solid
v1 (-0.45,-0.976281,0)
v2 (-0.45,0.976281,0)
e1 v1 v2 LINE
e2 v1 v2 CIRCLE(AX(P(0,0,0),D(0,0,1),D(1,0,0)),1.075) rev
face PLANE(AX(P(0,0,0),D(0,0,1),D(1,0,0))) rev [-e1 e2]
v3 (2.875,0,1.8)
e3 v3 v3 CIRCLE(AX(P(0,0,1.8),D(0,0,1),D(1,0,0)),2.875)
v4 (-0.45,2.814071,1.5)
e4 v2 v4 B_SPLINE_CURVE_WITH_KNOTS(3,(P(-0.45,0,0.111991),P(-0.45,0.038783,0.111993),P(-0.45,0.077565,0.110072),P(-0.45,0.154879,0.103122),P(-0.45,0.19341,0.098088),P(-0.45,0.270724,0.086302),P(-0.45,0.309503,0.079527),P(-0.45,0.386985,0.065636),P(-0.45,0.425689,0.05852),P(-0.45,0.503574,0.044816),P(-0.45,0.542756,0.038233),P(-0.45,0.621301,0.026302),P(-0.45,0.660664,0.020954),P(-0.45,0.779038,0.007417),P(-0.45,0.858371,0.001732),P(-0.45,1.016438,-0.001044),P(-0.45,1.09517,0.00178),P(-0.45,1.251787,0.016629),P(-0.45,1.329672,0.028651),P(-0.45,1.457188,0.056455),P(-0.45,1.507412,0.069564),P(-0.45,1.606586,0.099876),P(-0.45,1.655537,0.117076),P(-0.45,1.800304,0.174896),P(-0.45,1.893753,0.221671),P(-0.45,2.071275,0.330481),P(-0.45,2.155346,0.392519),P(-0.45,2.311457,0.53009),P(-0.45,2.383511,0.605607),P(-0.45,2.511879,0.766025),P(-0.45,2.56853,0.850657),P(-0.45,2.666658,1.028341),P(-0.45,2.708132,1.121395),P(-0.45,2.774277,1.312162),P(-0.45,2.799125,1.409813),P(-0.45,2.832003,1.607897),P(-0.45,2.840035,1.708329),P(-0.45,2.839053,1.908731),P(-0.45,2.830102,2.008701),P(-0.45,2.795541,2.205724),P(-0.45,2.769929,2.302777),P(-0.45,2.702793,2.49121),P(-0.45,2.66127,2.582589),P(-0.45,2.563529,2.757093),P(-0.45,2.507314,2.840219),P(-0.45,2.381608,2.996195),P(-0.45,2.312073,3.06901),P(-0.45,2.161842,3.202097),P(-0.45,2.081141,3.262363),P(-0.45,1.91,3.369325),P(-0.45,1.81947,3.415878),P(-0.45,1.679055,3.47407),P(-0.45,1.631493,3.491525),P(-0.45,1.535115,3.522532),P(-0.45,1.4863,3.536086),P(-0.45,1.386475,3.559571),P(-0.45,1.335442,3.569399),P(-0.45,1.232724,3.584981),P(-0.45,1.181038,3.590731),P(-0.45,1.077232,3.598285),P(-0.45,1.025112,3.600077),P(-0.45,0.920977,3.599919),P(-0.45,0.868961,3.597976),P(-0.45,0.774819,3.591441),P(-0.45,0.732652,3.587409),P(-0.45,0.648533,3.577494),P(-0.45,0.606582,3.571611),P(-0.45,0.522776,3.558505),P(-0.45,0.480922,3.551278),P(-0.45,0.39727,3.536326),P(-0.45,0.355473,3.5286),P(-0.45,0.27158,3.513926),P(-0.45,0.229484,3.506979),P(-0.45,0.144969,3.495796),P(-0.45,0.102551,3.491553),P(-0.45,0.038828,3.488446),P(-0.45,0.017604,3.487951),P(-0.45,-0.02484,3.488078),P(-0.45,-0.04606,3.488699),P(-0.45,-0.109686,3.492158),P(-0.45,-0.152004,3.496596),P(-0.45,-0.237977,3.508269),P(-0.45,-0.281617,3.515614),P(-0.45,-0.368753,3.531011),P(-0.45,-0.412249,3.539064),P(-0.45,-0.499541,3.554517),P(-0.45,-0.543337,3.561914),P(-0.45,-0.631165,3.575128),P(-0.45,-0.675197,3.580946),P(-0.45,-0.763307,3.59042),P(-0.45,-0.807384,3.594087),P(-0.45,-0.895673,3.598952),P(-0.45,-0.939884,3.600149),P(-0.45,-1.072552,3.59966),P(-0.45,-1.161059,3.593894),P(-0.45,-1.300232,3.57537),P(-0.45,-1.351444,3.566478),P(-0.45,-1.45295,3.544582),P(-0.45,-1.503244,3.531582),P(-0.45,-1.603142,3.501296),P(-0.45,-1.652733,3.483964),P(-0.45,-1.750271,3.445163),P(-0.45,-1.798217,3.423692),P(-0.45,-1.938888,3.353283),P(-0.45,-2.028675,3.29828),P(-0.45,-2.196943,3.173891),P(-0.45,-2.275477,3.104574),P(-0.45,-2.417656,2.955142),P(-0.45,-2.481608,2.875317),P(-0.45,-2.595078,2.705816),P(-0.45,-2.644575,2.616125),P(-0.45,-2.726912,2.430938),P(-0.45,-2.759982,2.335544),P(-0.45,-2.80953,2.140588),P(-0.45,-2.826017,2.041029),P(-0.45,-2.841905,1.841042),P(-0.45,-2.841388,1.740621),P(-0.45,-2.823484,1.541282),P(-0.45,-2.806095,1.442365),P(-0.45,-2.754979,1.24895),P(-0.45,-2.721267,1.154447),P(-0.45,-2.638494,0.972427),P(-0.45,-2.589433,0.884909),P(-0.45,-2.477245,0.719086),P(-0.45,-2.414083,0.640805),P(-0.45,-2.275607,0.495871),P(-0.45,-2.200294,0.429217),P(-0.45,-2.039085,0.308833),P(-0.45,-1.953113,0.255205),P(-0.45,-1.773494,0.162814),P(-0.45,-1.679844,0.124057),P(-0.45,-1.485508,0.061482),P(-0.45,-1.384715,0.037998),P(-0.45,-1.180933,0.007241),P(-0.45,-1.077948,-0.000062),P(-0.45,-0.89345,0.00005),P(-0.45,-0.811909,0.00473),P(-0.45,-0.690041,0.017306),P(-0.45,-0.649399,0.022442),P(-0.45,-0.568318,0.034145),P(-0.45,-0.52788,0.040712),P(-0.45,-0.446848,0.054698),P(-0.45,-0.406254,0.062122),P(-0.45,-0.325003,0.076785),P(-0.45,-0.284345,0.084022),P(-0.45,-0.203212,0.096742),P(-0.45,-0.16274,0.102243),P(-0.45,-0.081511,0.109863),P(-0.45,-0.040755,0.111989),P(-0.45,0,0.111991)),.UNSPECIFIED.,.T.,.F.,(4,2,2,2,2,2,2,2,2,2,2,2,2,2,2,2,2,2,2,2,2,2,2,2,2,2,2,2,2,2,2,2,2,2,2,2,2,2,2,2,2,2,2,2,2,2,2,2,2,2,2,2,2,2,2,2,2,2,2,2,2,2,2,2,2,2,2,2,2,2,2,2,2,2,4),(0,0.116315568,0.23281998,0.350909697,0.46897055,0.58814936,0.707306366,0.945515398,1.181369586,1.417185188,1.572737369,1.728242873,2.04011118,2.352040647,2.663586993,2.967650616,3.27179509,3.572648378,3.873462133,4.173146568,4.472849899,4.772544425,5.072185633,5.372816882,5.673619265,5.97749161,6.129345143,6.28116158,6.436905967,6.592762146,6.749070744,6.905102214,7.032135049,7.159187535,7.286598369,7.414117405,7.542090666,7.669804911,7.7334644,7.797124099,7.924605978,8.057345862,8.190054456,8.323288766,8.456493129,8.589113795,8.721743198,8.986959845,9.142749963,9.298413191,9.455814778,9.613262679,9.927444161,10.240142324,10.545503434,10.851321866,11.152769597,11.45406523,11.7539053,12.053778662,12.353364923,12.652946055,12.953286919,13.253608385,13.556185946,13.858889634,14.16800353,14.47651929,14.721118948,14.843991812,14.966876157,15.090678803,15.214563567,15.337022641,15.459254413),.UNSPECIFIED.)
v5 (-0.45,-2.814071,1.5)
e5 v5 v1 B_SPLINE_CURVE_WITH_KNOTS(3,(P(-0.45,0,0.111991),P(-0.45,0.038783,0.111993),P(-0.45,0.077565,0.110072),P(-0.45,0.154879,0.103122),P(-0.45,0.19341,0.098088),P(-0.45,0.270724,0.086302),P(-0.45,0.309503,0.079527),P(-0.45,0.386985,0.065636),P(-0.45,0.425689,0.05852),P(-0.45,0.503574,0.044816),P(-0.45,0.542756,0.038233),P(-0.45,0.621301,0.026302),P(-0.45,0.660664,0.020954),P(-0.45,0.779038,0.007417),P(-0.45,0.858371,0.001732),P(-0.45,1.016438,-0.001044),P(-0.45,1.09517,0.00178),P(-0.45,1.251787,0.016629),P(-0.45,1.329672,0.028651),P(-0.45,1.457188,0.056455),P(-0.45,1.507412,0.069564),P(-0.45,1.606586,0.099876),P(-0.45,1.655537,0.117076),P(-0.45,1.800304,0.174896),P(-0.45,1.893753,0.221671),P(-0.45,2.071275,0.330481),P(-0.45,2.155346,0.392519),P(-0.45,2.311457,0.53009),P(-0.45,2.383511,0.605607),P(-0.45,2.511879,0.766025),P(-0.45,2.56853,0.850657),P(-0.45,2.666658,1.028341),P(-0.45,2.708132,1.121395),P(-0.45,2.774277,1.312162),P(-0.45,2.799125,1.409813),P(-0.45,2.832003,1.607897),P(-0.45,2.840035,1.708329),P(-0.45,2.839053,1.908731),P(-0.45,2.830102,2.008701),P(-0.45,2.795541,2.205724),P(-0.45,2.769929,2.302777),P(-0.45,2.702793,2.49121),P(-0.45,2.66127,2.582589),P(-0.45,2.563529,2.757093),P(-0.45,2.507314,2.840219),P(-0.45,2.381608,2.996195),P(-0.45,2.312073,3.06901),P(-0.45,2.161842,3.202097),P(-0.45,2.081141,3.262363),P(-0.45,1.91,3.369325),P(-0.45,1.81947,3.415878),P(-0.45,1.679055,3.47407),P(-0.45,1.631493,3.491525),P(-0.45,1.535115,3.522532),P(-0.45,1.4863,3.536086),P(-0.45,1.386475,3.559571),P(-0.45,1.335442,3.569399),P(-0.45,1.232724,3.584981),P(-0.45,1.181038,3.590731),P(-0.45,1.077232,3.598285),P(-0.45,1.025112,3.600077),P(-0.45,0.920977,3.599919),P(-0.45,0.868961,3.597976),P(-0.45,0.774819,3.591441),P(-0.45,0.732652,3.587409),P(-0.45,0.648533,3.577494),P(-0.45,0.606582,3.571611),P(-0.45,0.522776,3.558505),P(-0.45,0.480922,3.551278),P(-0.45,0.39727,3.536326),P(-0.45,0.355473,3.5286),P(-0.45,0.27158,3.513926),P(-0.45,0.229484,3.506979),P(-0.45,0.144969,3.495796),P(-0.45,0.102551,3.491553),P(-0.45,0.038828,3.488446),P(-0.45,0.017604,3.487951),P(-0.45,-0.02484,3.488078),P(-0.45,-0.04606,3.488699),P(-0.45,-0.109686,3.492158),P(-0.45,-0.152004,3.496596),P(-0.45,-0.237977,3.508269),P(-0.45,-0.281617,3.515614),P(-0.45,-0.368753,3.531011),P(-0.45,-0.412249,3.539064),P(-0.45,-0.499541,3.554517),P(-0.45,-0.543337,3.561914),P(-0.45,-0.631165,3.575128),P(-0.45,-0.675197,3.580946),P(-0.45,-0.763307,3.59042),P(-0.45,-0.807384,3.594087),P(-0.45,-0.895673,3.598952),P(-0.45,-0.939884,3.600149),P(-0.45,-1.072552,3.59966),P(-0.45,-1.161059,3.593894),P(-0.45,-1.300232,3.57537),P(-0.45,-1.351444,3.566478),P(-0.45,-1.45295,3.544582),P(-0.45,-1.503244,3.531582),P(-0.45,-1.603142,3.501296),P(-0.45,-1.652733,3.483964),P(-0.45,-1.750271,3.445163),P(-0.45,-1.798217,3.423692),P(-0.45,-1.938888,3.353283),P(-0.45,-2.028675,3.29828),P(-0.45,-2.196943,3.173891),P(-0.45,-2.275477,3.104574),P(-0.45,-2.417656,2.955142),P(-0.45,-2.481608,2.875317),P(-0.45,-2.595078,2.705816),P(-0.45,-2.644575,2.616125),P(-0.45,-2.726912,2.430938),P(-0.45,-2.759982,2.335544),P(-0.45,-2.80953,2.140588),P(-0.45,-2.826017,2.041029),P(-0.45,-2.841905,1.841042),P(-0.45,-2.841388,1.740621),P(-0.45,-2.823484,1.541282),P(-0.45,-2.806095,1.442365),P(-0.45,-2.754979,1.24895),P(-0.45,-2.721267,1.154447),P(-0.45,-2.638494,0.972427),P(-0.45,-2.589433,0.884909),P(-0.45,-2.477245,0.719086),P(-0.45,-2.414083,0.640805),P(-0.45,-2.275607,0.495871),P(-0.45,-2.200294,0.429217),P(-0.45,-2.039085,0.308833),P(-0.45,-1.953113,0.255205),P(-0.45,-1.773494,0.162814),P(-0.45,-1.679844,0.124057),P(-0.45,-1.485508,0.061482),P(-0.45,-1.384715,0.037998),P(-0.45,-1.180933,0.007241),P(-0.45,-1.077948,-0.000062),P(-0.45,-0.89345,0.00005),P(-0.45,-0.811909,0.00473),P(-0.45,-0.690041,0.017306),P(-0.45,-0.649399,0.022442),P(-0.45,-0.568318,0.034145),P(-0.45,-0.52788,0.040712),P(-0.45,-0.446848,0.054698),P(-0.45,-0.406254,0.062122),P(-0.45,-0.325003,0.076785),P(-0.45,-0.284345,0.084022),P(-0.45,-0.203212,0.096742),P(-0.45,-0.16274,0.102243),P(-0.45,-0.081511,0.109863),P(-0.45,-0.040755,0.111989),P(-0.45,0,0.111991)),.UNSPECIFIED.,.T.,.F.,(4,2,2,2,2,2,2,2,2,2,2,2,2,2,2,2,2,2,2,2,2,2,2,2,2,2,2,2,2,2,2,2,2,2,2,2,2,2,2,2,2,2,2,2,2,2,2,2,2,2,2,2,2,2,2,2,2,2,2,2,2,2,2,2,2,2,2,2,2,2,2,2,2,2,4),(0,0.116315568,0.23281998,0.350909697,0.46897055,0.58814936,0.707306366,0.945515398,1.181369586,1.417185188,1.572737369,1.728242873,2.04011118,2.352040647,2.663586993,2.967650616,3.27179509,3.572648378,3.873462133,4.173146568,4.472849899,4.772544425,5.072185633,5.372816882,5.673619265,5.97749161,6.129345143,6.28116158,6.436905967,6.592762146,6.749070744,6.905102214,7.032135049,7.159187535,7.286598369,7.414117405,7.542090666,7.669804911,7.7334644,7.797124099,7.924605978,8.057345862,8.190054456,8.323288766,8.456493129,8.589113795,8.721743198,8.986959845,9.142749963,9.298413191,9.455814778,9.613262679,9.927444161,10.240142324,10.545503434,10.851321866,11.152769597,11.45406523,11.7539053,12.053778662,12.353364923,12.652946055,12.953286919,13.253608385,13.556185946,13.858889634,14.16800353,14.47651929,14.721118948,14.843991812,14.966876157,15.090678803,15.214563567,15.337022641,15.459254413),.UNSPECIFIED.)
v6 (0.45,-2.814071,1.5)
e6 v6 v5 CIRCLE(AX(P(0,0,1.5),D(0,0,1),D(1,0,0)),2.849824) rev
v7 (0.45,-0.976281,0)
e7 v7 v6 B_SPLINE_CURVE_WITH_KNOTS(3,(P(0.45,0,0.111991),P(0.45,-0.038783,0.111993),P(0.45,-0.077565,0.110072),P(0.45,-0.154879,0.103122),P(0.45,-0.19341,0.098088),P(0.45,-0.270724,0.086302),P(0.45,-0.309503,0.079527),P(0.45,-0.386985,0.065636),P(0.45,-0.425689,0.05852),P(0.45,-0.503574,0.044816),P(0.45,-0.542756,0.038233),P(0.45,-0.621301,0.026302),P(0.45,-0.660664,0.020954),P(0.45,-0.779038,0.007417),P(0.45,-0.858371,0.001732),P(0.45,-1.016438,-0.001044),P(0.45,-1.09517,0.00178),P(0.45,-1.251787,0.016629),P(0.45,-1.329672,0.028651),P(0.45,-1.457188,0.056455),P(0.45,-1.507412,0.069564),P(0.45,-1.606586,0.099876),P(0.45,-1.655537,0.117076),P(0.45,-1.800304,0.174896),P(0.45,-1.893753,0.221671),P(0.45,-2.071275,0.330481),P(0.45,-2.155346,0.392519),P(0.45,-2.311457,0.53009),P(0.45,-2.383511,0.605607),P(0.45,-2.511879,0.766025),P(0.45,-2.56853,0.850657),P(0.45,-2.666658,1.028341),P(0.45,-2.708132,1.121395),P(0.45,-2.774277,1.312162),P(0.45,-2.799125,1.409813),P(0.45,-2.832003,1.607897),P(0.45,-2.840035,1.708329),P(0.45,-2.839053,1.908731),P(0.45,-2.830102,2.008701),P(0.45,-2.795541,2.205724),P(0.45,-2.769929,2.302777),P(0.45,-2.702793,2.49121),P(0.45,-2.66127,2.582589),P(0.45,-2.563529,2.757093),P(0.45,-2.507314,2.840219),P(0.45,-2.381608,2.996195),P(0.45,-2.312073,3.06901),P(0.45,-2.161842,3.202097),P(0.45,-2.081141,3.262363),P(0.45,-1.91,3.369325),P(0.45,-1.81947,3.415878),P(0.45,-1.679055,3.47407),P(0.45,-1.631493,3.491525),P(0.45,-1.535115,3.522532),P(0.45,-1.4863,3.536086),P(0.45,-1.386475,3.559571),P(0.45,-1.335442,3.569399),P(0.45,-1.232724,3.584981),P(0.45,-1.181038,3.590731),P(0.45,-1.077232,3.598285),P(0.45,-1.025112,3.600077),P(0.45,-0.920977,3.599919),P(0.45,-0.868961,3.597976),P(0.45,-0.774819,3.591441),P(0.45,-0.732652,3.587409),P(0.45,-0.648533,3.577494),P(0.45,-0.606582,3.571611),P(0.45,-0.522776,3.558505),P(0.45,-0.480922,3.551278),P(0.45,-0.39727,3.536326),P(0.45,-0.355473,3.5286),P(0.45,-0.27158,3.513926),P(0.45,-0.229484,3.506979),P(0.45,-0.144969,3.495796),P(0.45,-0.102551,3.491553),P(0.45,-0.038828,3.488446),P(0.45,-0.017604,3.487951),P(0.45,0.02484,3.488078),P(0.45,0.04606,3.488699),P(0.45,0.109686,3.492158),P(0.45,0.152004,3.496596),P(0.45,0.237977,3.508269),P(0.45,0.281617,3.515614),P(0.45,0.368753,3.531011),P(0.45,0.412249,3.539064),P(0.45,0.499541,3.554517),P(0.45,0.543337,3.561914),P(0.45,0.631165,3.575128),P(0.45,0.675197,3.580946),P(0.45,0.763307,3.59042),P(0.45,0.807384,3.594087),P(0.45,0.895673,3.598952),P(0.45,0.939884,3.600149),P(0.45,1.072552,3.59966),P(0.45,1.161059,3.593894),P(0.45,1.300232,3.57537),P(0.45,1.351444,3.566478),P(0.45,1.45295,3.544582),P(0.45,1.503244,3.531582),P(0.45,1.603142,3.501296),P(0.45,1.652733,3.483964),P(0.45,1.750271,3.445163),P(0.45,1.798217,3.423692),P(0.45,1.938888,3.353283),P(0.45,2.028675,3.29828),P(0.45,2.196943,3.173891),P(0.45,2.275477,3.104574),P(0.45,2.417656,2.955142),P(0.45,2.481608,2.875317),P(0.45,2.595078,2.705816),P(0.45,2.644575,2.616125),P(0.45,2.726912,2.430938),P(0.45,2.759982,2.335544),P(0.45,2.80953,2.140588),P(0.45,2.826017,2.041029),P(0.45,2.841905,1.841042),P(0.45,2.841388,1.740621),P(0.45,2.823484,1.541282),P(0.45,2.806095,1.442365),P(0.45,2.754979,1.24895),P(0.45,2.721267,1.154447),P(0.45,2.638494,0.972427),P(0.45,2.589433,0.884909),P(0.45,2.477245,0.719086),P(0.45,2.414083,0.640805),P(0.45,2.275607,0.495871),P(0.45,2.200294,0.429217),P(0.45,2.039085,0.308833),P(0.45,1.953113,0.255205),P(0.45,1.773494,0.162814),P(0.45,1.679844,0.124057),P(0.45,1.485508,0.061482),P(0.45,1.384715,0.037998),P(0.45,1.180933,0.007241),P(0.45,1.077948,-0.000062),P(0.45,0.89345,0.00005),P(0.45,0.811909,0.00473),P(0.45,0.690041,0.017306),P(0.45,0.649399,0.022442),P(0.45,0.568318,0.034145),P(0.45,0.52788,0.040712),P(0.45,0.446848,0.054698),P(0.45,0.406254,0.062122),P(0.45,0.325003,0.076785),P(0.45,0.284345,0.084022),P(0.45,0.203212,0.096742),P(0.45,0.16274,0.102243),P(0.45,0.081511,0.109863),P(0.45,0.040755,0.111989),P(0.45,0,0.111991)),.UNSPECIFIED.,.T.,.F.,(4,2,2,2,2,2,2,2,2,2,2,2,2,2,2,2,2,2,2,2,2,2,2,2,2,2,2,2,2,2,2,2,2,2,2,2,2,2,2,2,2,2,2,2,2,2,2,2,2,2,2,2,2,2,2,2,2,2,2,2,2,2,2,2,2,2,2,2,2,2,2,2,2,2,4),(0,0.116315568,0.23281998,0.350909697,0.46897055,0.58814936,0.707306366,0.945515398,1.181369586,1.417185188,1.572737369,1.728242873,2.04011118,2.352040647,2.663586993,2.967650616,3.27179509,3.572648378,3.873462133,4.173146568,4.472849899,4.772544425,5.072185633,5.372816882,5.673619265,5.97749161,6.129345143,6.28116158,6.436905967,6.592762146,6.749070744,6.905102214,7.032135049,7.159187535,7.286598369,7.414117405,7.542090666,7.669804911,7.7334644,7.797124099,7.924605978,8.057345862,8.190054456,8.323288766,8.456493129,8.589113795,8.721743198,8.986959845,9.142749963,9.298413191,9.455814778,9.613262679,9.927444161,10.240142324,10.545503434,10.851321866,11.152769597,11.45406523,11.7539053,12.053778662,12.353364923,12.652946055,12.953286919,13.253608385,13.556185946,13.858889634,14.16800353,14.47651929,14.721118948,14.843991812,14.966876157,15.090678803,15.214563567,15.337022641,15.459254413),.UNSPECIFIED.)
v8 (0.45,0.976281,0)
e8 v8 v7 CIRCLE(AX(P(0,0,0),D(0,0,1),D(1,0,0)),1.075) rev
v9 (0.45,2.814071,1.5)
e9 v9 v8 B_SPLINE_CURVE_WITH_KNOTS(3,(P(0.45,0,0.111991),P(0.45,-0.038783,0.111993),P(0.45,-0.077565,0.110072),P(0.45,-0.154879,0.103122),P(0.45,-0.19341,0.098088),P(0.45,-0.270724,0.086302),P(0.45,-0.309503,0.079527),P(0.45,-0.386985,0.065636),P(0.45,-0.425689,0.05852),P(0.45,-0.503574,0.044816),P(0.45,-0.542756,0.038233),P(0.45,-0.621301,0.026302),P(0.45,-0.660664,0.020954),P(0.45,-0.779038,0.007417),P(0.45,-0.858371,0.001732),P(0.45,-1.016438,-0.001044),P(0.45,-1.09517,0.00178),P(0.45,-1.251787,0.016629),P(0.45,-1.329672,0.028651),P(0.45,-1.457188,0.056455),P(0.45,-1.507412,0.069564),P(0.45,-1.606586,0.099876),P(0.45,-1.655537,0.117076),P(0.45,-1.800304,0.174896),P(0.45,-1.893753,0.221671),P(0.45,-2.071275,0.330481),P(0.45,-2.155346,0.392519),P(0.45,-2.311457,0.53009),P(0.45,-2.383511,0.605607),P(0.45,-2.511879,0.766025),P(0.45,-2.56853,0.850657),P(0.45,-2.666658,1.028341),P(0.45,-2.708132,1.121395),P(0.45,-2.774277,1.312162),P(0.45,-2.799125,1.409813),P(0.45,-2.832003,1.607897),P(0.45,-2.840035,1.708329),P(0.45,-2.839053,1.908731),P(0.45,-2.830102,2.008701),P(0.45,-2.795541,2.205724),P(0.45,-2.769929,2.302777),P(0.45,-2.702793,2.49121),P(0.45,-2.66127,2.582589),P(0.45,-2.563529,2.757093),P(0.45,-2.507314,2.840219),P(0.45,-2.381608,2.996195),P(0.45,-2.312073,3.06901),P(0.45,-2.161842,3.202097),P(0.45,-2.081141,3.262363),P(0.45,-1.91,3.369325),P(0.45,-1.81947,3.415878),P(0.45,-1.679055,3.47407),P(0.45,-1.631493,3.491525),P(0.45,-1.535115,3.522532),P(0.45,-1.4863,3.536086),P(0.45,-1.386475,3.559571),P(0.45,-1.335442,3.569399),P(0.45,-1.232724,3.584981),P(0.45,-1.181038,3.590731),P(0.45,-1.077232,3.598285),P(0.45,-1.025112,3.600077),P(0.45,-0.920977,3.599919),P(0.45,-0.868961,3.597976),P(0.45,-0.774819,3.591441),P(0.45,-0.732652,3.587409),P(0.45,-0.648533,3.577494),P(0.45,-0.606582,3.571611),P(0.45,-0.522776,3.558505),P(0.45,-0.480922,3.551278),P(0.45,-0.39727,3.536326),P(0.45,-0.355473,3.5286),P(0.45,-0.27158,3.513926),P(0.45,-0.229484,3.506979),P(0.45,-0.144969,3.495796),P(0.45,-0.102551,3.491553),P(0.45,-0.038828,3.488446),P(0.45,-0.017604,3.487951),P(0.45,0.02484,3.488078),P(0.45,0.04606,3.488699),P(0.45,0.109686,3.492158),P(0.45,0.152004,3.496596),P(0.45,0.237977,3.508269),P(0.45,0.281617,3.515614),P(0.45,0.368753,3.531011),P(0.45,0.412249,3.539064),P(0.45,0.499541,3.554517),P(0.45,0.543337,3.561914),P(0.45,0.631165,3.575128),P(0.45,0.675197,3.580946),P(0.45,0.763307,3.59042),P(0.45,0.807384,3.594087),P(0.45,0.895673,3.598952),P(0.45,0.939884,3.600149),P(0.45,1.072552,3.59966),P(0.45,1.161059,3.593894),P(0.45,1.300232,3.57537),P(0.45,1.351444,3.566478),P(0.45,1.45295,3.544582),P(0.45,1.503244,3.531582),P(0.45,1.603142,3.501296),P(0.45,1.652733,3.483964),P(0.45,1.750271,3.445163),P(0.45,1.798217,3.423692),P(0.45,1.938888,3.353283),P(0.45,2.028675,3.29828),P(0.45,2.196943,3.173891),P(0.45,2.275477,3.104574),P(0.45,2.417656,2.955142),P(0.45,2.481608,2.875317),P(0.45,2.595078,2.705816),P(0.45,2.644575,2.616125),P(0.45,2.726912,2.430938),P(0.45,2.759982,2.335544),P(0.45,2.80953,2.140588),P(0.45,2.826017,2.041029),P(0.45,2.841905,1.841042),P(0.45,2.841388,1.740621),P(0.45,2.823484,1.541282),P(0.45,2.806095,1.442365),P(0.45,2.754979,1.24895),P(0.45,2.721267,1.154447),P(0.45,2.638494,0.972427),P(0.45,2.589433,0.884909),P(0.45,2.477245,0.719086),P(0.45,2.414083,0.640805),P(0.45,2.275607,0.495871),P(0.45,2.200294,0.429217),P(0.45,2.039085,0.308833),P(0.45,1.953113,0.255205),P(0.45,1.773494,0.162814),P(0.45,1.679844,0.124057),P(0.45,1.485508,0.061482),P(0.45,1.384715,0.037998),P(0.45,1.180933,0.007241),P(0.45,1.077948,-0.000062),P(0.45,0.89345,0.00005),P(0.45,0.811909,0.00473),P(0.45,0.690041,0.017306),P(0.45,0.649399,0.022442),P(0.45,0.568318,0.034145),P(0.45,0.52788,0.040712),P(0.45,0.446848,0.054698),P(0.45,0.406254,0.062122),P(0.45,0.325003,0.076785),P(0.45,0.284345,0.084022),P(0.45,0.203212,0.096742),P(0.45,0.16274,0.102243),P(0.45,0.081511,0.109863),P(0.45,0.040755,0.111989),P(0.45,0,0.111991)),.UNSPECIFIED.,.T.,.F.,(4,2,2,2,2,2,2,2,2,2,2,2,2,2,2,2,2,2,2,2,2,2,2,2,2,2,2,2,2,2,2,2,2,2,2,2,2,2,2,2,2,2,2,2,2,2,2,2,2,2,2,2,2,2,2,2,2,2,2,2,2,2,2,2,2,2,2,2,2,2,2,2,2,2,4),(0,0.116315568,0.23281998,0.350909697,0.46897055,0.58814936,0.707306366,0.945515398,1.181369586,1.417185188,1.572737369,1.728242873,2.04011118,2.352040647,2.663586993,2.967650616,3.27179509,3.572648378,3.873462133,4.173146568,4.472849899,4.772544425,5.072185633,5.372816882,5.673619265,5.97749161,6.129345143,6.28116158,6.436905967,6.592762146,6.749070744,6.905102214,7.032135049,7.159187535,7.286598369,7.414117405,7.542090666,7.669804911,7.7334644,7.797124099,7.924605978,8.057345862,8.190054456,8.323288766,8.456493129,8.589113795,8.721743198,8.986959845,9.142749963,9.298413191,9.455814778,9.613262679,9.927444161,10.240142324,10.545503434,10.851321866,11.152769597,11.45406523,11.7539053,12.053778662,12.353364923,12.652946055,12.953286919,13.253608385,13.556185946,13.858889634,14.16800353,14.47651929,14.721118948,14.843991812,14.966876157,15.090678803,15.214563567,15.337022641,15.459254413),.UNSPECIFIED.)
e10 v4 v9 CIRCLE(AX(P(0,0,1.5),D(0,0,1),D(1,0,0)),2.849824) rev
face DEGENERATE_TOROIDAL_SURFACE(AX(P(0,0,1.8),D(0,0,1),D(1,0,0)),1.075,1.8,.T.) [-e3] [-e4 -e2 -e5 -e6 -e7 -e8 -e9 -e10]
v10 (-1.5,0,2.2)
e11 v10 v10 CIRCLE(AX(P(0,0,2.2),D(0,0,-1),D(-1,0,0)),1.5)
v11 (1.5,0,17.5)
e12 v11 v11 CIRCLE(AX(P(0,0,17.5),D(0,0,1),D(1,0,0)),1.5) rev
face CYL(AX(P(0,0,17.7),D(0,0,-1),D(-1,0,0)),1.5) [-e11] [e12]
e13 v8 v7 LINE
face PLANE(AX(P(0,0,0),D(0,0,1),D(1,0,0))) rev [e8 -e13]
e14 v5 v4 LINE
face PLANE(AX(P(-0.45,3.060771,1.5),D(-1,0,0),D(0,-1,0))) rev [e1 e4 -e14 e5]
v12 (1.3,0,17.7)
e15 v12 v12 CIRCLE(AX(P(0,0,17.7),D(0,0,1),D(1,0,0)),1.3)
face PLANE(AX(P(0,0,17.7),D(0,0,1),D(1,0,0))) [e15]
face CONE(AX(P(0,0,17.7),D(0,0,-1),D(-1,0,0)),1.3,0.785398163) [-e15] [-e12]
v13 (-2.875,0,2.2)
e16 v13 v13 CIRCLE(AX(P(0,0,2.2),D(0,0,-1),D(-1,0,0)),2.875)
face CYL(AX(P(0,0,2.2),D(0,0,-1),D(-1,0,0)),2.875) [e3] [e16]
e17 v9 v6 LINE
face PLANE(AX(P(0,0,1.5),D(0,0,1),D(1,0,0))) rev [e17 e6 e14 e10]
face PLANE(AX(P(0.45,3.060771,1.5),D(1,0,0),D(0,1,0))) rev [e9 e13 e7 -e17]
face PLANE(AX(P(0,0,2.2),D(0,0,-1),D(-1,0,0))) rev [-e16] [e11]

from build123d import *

# Parameters (mm, degrees)
ESBO_O1_R                = 1.5
RESSALTO_EXTRUS_O1_DEPTH = 17.7
ESBO_O2_R                = 2.875
RESSALTO_EXTRUS_O2_DEPTH = 2.2
FILETE1_R                = 1.8
ESBO_O3_W                = 0.9
ESBO_O3_H                = 6.121542056
CORTE_EXTRUS_O1_DEPTH    = 1.5
CHANFRO1_SIZE            = 0.2


with BuildPart() as part:
    # Esboço1 → Ressalto-extrusão1 (new body)
    with BuildSketch(Plane.XY):
        Circle(ESBO_O1_R)
    extrude(amount=RESSALTO_EXTRUS_O1_DEPTH)

    # Esboço2 → Ressalto-extrusão2 (add)
    with BuildSketch(Plane(origin=(0, 0, 0), x_dir=(-1, 0, 0), z_dir=(0, 0, -1))):
        Circle(ESBO_O2_R)
    extrude(amount=-RESSALTO_EXTRUS_O2_DEPTH)

    # Filete1
    filete1_edges = [part.edges().sort_by_distance(p)[0] for p in [
        (2.875, 0, 0),
    ]]
    fillet(filete1_edges, radius=FILETE1_R)

    # Esboço3 → Corte-extrusão1 (cut)
    with BuildSketch(Plane(origin=(0, 0, 0), x_dir=(-1, 0, 0), z_dir=(0, 0, -1))):
        Rectangle(ESBO_O3_W, ESBO_O3_H)
    extrude(amount=-CORTE_EXTRUS_O1_DEPTH, mode=Mode.SUBTRACT)

    # Chanfro1
    chanfro1_edges = [part.edges().sort_by_distance(p)[0] for p in [
        (-1.5, 0, 17.7),
    ]]
    chamfer(chanfro1_edges, length=CHANFRO1_SIZE)


solid = part.part
